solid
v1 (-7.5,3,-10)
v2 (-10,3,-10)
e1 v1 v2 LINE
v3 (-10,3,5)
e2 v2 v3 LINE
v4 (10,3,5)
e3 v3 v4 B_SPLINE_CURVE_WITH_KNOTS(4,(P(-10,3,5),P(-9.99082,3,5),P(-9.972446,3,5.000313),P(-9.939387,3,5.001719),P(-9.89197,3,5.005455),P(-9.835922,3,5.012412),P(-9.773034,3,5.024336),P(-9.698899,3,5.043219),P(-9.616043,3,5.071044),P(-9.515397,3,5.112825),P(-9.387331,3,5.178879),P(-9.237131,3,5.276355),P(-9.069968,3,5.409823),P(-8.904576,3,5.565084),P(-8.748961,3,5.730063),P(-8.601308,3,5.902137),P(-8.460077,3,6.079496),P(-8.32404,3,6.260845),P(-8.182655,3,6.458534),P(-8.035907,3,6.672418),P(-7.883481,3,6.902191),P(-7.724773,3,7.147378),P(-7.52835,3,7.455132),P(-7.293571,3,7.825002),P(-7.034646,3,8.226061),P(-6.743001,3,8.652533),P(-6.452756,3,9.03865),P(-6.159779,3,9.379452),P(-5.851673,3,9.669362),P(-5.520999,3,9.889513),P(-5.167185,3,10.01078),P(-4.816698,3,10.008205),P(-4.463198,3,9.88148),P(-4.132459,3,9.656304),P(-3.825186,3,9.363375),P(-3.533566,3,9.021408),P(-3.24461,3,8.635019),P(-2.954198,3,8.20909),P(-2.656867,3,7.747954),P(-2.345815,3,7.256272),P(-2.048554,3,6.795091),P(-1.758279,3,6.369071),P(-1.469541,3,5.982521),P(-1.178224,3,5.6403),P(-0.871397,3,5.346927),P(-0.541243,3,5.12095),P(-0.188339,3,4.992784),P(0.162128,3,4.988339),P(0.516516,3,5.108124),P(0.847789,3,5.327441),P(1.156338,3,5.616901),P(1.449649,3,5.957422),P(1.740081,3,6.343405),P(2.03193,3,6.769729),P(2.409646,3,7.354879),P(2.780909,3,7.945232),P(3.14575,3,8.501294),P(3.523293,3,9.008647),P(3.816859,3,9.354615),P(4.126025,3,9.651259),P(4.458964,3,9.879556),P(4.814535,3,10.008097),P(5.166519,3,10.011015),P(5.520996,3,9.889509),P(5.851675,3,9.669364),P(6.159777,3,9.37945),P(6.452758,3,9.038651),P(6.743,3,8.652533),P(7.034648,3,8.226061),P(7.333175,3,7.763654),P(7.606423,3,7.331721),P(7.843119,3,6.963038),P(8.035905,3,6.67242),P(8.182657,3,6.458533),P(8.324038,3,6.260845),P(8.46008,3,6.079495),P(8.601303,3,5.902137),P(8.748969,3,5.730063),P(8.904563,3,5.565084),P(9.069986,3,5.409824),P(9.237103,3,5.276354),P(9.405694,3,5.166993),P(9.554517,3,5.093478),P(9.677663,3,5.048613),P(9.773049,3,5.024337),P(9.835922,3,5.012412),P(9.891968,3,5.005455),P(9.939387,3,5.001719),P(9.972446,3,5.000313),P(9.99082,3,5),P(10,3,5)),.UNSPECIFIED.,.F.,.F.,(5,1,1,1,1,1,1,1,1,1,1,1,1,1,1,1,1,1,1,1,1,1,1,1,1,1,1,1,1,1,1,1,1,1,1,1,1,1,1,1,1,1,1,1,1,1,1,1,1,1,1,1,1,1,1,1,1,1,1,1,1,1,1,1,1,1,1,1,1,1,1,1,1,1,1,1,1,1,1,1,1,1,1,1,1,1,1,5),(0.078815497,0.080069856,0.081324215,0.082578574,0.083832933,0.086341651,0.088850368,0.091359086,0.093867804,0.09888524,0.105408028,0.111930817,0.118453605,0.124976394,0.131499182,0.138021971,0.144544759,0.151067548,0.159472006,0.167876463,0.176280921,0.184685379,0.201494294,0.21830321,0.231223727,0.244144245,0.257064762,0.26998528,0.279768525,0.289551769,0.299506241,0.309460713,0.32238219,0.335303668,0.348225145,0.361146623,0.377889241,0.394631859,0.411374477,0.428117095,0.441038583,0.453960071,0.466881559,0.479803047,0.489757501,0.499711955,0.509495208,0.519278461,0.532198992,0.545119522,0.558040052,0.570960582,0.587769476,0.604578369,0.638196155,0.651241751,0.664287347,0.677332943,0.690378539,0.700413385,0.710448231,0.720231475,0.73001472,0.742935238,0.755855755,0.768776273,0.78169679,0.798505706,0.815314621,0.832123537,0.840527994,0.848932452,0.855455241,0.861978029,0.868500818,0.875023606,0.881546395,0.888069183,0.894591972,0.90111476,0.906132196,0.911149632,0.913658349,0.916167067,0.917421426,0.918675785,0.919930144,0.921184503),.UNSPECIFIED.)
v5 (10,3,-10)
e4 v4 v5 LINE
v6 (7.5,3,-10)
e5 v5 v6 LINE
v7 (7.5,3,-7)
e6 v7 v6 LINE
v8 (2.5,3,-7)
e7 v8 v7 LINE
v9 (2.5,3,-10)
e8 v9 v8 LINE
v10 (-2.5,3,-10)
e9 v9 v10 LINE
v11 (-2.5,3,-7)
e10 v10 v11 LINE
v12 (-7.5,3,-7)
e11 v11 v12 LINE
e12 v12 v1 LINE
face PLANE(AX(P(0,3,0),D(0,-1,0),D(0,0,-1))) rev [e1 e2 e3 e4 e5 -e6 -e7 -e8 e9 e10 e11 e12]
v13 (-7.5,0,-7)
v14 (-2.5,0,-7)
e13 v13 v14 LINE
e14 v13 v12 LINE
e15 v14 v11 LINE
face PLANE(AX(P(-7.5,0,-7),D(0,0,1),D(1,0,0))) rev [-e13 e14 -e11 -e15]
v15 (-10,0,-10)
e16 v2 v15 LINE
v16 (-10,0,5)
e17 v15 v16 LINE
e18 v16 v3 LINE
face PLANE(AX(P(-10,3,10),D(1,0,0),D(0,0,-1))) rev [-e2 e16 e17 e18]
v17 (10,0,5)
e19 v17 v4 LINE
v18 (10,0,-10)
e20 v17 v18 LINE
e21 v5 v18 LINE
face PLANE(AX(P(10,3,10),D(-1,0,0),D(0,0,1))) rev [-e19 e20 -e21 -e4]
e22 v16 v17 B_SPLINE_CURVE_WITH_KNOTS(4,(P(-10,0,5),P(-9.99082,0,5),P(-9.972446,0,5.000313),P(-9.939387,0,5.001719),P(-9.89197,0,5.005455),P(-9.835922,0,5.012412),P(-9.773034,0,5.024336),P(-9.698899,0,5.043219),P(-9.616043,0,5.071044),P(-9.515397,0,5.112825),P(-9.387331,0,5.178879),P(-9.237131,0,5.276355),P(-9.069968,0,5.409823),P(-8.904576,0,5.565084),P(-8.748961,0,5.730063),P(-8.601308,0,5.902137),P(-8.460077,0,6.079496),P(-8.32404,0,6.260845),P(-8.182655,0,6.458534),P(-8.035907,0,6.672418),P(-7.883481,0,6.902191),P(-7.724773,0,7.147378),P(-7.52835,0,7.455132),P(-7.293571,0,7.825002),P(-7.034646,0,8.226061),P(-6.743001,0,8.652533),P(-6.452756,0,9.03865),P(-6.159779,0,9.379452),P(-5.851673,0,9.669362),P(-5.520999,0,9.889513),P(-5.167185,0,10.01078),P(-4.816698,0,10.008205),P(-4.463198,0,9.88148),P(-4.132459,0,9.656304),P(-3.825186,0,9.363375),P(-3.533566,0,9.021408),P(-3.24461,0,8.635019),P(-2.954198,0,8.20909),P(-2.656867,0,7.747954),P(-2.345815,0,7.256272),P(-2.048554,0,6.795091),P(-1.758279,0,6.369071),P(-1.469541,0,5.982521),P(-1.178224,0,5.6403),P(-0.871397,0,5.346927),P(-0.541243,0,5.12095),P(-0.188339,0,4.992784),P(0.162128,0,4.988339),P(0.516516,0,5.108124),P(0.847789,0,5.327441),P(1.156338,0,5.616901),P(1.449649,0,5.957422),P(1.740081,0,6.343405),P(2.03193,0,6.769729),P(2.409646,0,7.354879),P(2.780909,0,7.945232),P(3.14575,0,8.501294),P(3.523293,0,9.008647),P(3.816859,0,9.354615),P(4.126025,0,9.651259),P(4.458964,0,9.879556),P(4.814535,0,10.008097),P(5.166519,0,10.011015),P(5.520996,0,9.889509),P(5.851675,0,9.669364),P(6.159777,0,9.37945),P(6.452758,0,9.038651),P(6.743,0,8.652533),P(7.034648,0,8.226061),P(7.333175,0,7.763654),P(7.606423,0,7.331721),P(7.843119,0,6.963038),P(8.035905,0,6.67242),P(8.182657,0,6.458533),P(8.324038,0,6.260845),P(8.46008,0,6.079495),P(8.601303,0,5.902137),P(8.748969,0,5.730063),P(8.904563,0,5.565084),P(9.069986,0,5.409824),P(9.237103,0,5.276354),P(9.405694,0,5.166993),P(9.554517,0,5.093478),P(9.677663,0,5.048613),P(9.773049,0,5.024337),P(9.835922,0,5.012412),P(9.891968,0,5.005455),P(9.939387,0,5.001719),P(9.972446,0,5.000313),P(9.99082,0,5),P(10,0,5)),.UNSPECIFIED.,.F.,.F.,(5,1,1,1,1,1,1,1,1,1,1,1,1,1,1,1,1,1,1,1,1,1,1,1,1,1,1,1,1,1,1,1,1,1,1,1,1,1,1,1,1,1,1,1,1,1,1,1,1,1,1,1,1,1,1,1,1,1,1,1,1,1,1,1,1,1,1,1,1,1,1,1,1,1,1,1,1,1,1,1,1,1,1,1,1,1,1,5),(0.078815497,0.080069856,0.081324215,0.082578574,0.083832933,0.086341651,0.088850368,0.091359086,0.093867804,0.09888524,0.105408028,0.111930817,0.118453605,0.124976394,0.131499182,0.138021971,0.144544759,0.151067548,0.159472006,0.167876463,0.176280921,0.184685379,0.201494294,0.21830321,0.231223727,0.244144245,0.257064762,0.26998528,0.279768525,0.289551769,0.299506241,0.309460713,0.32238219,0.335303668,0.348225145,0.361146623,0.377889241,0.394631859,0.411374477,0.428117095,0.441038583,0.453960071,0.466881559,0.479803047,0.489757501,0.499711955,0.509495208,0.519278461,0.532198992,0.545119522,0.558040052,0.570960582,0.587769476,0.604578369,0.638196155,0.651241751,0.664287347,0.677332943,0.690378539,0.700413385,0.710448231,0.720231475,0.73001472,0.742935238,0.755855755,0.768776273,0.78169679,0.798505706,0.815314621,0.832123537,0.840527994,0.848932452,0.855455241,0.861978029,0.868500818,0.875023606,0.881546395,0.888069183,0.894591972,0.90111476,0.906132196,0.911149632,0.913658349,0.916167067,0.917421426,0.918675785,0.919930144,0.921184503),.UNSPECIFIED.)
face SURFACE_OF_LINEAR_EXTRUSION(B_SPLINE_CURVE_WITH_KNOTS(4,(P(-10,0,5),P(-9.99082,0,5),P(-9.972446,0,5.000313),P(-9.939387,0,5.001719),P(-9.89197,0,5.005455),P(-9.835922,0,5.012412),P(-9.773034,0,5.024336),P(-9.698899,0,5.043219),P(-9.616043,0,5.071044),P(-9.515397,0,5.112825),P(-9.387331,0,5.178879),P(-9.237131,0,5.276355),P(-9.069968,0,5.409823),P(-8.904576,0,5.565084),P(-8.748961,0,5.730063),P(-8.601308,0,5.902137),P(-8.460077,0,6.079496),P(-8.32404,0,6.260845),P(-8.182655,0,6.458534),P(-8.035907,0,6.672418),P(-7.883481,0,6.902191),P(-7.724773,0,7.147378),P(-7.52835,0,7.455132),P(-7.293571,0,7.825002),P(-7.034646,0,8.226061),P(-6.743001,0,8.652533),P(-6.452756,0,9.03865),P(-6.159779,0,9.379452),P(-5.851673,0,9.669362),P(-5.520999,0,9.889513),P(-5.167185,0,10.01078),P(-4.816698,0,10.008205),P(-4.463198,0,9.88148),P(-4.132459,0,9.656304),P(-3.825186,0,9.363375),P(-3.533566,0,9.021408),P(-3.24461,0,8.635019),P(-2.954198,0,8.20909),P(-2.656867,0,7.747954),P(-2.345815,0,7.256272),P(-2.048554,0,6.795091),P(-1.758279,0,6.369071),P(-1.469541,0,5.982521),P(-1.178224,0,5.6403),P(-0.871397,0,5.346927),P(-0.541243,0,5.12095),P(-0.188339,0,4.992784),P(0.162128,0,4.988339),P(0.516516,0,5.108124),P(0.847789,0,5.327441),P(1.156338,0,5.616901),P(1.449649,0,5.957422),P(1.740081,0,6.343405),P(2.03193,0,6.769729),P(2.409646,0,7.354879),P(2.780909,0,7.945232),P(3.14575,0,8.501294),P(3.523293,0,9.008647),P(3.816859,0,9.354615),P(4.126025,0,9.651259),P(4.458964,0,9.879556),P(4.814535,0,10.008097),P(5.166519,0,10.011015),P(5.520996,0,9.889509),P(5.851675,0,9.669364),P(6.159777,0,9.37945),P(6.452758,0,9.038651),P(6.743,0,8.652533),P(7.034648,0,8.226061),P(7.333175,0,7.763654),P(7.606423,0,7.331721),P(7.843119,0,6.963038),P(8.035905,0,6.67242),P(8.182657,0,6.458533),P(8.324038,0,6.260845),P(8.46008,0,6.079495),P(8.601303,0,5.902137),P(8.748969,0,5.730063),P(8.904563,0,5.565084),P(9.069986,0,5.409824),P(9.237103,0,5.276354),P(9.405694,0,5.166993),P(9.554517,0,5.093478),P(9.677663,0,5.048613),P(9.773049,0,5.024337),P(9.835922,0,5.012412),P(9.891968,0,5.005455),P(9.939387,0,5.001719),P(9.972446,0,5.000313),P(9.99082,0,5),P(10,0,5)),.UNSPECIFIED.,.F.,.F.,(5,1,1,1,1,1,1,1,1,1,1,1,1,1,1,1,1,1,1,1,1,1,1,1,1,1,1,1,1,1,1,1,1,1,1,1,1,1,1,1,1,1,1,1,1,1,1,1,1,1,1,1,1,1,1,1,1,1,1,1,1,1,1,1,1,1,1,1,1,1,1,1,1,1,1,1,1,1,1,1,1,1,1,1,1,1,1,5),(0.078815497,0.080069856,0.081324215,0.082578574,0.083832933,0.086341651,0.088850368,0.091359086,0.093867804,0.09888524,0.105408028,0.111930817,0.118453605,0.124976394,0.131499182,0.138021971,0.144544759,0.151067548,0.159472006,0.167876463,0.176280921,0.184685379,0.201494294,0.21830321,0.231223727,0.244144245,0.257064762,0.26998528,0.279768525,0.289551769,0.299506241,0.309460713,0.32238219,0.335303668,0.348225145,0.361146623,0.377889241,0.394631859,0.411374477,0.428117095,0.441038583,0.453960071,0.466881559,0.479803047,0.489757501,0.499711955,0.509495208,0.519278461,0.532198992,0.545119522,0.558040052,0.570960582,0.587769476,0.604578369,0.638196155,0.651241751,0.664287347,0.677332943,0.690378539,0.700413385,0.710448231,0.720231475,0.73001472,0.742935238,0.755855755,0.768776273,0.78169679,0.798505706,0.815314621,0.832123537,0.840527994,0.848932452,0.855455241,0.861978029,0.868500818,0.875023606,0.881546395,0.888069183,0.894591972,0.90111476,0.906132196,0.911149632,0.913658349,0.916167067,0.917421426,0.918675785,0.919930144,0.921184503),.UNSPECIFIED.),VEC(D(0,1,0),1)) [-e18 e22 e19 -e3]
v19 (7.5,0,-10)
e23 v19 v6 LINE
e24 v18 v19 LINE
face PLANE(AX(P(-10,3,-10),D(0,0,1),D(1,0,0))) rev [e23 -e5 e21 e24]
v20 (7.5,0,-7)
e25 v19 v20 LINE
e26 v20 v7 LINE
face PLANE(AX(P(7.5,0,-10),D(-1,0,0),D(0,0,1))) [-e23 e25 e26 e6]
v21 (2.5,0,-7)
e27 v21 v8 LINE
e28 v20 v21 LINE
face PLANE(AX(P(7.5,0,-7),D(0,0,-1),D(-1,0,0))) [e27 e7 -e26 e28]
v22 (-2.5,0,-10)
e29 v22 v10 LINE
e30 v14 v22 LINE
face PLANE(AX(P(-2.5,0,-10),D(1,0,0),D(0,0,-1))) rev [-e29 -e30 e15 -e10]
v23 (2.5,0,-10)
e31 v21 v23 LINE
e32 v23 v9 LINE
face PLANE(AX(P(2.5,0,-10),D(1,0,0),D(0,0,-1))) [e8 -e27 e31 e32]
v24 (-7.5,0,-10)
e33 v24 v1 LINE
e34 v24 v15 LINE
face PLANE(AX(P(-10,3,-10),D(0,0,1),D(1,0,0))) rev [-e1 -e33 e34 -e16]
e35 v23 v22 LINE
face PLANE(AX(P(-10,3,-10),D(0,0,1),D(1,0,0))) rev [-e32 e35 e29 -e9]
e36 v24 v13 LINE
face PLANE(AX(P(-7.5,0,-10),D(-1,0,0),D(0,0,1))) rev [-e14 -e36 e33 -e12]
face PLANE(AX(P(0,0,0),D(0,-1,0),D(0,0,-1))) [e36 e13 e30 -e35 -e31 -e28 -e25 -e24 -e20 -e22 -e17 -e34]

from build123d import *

# Parameters (mm, degrees)
SKETCH1_W               = 20
SKETCH1_H               = 20
BOSS_EXTRUDE1_DEPTH     = 3
CUT_EXTRUDE1_DEPTH      = 1
CUT_EXTRUDE1_DEPTH_BACK = 4
CUT_EXTRUDE2_START      = -4.0000001
SKETCH3_W               = 5
SKETCH3_H               = 3
CUT_EXTRUDE2_DEPTH      = 5.0000002


with BuildPart() as part:
    # Sketch1 → Boss-Extrude1 (new body)
    with BuildSketch(Plane(origin=(0, 0, 0), x_dir=(1, 0, 0), z_dir=(0, 1, 0))):
        Rectangle(SKETCH1_W, SKETCH1_H)
    extrude(amount=BOSS_EXTRUDE1_DEPTH)

    # Sketch2 → Cut-Extrude1 (cut, two sides)
    with BuildSketch(Plane(origin=(0, 3, 0), x_dir=(1, 0, 0), z_dir=(0, 1, 0))) as cut_extrude1_sk:
        with BuildLine():
            Line((10, -5), (10, -10))
            Line((10, -10), (-10, -10))
            Line((-10, -10), (-10, -5))
            add(Edge.make_bspline(
                [(-10, -5), (-9.990820014, -5), (-9.972446358, -5.000312583), (-9.939387471, -5.001719207), (-9.891969519, -5.005454846), (-9.835922238, -5.012412312), (-9.773033767, -5.024336094), (-9.698898541, -5.043219482), (-9.616042774, -5.071043877), (-9.515396925, -5.112824909), (-9.387330606, -5.178878831), (-9.23713056, -5.27635471), (-9.069968341, -5.409823327), (-8.904575648, -5.56508434), (-8.748961229, -5.730063259), (-8.601307785, -5.902136841), (-8.460077009, -6.079495517), (-8.324040002, -6.260844972), (-8.182655276, -6.458534299), (-8.035907031, -6.672418147), (-7.883481419, -6.902191288), (-7.724773455, -7.147377745), (-7.528350495, -7.455132252), (-7.293570647, -7.825001596), (-7.034646201, -8.226061179), (-6.743001489, -8.652533353), (-6.452756272, -9.038649676), (-6.159779288, -9.379451937), (-5.85167298, -9.669361598), (-5.520999117, -9.889512746), (-5.1671847, -10.010779605), (-4.816698271, -10.008204715), (-4.463198002, -9.88148029), (-4.132459412, -9.656303518), (-3.825186178, -9.363374601), (-3.53356605, -9.021407523), (-3.244609582, -8.635018563), (-2.954198132, -8.209090349), (-2.656866985, -7.747954266), (-2.345814717, -7.256271996), (-2.048553648, -6.795091334), (-1.758278976, -6.369070745), (-1.469541055, -5.982521438), (-1.178223955, -5.64030017), (-0.871397136, -5.346926797), (-0.541242947, -5.120949541), (-0.188339321, -4.992783545), (0.16212755, -4.988339301), (0.516516059, -5.108123798), (0.8477895, -5.327441362), (1.156337611, -5.616901018), (1.449649401, -5.957422311), (1.74008086, -6.343405241), (2.031929598, -6.769728753), (2.409645941, -7.354878505), (2.78090923, -7.94523233), (3.145749907, -8.501293993), (3.523293189, -9.008647271), (3.816859253, -9.354615385), (4.126025436, -9.651259116), (4.458963509, -9.879556068), (4.814535153, -10.008097061), (5.166519062, -10.011015315), (5.520996053, -9.889508756), (5.851675295, -9.66936442), (6.159777431, -9.379449939), (6.452757598, -9.03865066), (6.743000269, -8.652533063), (7.034647701, -8.226060806), (7.33317531, -7.763653858), (7.606423384, -7.331721448), (7.843119223, -6.963037632), (8.035904931, -6.672419587), (8.182657184, -6.458533403), (8.324037842, -6.260845485), (8.46008018, -6.079495251), (8.601302819, -5.902136908), (8.748969193, -5.730063373), (8.904563093, -5.565084029), (9.069986411, -5.409823833), (9.237102577, -5.276353888), (9.405693689, -5.166993054), (9.554516523, -5.093477505), (9.677662689, -5.048613087), (9.773048533, -5.024336542), (9.835921683, -5.012412295), (9.891968482, -5.005454815), (9.939387047, -5.001719194), (9.972446314, -5.000312581), (9.990820016, -5), (10, -5)],
                knots=[0.078815497, 0.078815497, 0.078815497, 0.078815497, 0.078815497, 0.080069856, 0.081324215, 0.082578574, 0.083832933, 0.086341651, 0.088850368, 0.091359086, 0.093867804, 0.09888524, 0.105408028, 0.111930817, 0.118453605, 0.124976394, 0.131499182, 0.138021971, 0.144544759, 0.151067548, 0.159472006, 0.167876463, 0.176280921, 0.184685379, 0.201494294, 0.21830321, 0.231223727, 0.244144245, 0.257064762, 0.26998528, 0.279768525, 0.289551769, 0.299506241, 0.309460713, 0.32238219, 0.335303668, 0.348225145, 0.361146623, 0.377889241, 0.394631859, 0.411374477, 0.428117095, 0.441038583, 0.453960071, 0.466881559, 0.479803047, 0.489757501, 0.499711955, 0.509495208, 0.519278461, 0.532198992, 0.545119522, 0.558040052, 0.570960582, 0.587769476, 0.604578369, 0.638196155, 0.651241751, 0.664287347, 0.677332943, 0.690378539, 0.700413385, 0.710448231, 0.720231475, 0.73001472, 0.742935238, 0.755855755, 0.768776273, 0.78169679, 0.798505706, 0.815314621, 0.832123537, 0.840527994, 0.848932452, 0.855455241, 0.861978029, 0.868500818, 0.875023606, 0.881546395, 0.888069183, 0.894591972, 0.90111476, 0.906132196, 0.911149632, 0.913658349, 0.916167067, 0.917421426, 0.918675785, 0.919930144, 0.921184503, 0.921184503, 0.921184503, 0.921184503, 0.921184503], degree=4))
        make_face()
    extrude(amount=CUT_EXTRUDE1_DEPTH, mode=Mode.SUBTRACT)
    extrude(cut_extrude1_sk.sketch, amount=-CUT_EXTRUDE1_DEPTH_BACK, mode=Mode.SUBTRACT)

    # Sketch3 → Cut-Extrude2 (cut)
    with BuildSketch(Plane(origin=(0, 3, 0), x_dir=(1, 0, 0), z_dir=(0, 1, 0)).offset(CUT_EXTRUDE2_START)):
        with Locations((-5, 8.5)):
            Rectangle(SKETCH3_W, SKETCH3_H)
    cut_extrude2 = extrude(amount=CUT_EXTRUDE2_DEPTH, mode=Mode.SUBTRACT)

    # Mirror1: Cut-Extrude2 across plane
    add(cut_extrude2.mirror(Plane(origin=(0, 0, 0), x_dir=(0, 0, 1), z_dir=(1, 0, 0))), mode=Mode.SUBTRACT)


solid = part.part
